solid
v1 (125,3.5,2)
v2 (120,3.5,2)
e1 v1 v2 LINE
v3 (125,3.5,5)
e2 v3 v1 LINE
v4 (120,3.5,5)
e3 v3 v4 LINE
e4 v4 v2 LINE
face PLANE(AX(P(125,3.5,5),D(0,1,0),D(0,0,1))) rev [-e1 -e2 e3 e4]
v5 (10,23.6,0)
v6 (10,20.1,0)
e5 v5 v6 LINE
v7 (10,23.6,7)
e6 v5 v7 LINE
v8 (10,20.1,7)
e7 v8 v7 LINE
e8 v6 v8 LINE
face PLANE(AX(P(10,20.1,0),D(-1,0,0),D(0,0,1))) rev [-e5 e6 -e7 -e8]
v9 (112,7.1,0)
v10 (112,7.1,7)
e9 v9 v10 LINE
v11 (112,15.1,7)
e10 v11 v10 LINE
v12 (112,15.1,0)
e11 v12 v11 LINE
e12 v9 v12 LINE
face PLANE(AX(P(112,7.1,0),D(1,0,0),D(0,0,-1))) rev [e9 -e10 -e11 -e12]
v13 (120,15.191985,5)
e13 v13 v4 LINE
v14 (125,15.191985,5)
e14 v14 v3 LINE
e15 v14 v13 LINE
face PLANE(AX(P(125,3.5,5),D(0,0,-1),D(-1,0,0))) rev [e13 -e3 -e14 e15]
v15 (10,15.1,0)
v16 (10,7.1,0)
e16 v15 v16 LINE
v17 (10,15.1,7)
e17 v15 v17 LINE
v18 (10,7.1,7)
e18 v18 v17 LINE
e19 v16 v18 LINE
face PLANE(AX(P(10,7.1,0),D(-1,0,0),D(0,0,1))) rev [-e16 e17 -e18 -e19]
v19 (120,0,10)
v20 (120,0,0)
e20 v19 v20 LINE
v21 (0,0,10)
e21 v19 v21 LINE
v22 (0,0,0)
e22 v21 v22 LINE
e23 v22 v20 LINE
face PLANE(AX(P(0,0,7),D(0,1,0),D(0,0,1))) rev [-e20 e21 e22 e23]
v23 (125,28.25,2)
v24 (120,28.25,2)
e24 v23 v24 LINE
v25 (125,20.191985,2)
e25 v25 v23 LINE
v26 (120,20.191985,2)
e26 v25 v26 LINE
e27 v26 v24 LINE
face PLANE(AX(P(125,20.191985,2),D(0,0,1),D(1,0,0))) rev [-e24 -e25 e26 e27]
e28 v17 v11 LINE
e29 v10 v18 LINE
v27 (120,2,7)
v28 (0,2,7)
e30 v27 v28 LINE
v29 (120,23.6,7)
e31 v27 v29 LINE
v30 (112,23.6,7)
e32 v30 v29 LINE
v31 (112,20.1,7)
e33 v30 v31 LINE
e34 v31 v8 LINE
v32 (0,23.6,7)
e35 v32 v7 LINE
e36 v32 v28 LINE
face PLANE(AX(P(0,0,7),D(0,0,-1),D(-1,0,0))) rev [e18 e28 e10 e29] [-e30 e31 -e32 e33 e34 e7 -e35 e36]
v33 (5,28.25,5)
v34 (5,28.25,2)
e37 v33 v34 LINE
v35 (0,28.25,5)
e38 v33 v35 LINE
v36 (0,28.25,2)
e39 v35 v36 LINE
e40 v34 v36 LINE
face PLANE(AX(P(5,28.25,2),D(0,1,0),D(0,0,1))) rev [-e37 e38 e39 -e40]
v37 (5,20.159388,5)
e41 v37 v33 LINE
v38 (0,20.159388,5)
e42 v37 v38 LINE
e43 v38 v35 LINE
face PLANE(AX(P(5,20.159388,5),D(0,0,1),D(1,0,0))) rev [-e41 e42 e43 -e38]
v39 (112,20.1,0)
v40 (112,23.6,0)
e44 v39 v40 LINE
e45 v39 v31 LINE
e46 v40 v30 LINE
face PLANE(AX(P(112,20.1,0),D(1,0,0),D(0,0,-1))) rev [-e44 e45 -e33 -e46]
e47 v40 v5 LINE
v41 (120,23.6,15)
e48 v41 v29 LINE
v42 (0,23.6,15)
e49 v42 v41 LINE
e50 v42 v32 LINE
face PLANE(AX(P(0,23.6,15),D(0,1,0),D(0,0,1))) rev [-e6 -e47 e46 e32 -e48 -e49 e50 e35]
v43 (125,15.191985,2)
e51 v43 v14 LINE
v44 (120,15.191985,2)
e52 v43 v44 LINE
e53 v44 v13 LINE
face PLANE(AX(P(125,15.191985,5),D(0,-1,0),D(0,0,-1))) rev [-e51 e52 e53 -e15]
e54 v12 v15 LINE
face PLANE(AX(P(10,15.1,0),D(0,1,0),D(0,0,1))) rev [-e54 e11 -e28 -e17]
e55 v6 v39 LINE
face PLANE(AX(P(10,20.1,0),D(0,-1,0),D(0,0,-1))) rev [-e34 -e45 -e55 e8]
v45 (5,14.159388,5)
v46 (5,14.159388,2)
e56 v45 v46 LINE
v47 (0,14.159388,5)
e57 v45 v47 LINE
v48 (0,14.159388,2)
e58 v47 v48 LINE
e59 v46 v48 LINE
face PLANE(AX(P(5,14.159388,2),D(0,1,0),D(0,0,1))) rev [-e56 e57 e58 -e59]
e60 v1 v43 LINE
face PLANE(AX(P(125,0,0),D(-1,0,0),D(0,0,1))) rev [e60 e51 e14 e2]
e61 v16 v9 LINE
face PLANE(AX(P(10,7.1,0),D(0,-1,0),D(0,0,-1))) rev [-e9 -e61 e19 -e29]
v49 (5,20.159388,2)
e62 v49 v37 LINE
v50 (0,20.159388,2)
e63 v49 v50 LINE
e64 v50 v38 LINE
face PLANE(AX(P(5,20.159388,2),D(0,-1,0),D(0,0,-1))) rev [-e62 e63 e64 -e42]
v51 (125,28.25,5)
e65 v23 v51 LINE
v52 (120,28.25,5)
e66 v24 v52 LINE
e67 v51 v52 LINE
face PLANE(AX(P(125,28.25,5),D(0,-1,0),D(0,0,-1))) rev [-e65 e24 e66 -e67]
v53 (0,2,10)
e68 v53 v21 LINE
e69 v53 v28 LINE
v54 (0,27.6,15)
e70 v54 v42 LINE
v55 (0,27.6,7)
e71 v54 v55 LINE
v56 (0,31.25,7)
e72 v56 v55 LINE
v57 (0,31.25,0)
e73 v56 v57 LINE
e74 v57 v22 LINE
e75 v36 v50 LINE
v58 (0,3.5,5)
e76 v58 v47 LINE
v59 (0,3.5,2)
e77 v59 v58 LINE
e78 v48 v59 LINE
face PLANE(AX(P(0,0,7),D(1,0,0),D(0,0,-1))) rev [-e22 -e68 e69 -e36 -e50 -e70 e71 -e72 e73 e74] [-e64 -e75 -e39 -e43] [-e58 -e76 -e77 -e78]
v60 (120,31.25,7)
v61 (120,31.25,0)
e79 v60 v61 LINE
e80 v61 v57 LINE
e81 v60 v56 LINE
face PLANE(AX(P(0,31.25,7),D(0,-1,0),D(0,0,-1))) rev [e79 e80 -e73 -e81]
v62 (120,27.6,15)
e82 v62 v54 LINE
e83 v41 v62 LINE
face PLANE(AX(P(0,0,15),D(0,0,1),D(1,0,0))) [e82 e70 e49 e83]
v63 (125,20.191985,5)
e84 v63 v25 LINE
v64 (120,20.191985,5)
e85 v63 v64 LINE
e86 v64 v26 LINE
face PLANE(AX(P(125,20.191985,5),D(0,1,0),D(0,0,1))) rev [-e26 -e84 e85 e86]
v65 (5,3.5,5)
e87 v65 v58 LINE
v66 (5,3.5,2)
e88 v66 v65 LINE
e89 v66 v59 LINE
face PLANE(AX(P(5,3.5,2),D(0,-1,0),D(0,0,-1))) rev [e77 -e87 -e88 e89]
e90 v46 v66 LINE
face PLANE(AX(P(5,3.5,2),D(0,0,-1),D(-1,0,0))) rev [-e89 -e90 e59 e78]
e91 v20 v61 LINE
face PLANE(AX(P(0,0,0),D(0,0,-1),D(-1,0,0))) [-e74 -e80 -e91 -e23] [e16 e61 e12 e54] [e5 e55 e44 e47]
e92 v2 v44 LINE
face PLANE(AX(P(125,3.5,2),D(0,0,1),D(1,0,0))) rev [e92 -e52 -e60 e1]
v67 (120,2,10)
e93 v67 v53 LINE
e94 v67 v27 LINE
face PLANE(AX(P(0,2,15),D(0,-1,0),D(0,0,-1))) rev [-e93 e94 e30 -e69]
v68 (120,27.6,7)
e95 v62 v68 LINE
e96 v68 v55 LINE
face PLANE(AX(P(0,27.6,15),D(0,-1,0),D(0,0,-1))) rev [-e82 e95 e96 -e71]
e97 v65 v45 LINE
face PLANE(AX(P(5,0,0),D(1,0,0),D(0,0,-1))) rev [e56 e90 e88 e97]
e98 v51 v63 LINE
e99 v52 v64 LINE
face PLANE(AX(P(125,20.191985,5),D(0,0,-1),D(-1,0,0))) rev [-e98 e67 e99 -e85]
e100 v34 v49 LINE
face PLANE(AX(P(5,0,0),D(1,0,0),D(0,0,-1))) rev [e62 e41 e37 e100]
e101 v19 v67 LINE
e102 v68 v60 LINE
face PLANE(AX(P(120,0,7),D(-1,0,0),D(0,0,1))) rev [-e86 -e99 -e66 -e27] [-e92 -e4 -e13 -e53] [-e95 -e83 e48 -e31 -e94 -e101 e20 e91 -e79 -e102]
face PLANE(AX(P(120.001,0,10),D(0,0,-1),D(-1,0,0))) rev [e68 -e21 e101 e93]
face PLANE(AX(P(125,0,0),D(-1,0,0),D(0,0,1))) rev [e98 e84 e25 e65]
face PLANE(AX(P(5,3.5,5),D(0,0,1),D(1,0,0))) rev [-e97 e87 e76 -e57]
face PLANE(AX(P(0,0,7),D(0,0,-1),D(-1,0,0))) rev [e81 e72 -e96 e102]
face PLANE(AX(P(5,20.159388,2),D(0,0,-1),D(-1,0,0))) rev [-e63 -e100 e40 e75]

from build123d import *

# Parameters (mm, degrees)
SKETCH1_W               = 120
SKETCH1_H               = 31.25
BOSS_EXTRUDE1_DEPTH     = 7
SKETCH2_W               = 120
SKETCH2_H               = 4
SKETCH2_H_2             = 2
BOSS_EXTRUDE2_DEPTH     = 8
CUT_EXTRUDE1_DEPTH      = 125.260059955
CUT_EXTRUDE1_DEPTH_BACK = 125.260059955
SKETCH3_W               = 102
SKETCH3_H               = 8
SKETCH3_H_2             = 3.5
CUT_EXTRUDE3_REACH      = 126.906
SKETCH6_W               = 5
SKETCH6_H               = 2
SKETCH4_W               = 3
SKETCH4_H               = 8.090611825
SKETCH4_H_2             = 10.659388175
CUT_EXTRUDE4_DEPTH      = 5
SKETCH5_W               = 3
SKETCH5_H               = 8.0580149
SKETCH5_H_2             = 11.6919851
BOSS_EXTRUDE3_DEPTH     = 5


with BuildPart() as part:
    # Sketch1 → Boss-Extrude1 (new body)
    with BuildSketch(Plane.XY):
        with Locations((60, 15.625)):
            Rectangle(SKETCH1_W, SKETCH1_H)
    extrude(amount=BOSS_EXTRUDE1_DEPTH)

    # Sketch2 → Boss-Extrude2 (add)
    with BuildSketch(Plane.XY.offset(7)):
        with Locations((60, 25.6)):
            Rectangle(SKETCH2_W, SKETCH2_H)
        with Locations((60, 1)):
            Rectangle(SKETCH2_W, SKETCH2_H_2)
    extrude(amount=BOSS_EXTRUDE2_DEPTH)

    # Sketch3 → Cut-Extrude1 (cut, two sides: drawn at the far end of the back side and taken through both)
    with BuildSketch(Plane.XY.offset(7).offset(-CUT_EXTRUDE1_DEPTH_BACK)):
        with Locations((61, 11.1)):
            Rectangle(SKETCH3_W, SKETCH3_H)
        with Locations((61, 21.85)):
            Rectangle(SKETCH3_W, SKETCH3_H_2)
    extrude(amount=CUT_EXTRUDE1_DEPTH + CUT_EXTRUDE1_DEPTH_BACK, mode=Mode.SUBTRACT)

    # Sketch6 → Cut-Extrude3 (cut, up to next)
    with BuildSketch(Plane.ZY, mode=Mode.PRIVATE) as cut_extrude3_sk1:
        with Locations((12.5, 1)):
            Rectangle(SKETCH6_W, SKETCH6_H)
    cut_extrude3_tool1 = extrude(cut_extrude3_sk1.sketch, amount=-CUT_EXTRUDE3_REACH, mode=Mode.PRIVATE) & part.part
    add(cut_extrude3_tool1.solids().sort_by_distance((0, 1, 12.5))[0], mode=Mode.SUBTRACT)

    # Sketch4 → Cut-Extrude4 (cut)
    with BuildSketch(Plane.ZY):
        with Locations((3.5, 24.204694088)):
            Rectangle(SKETCH4_W, SKETCH4_H)
        with Locations((3.5, 8.829694088)):
            Rectangle(SKETCH4_W, SKETCH4_H_2)
    extrude(amount=-CUT_EXTRUDE4_DEPTH, mode=Mode.SUBTRACT)

    # Sketch5 → Boss-Extrude3 (add)
    with BuildSketch(Plane(origin=(120, 0, 0), x_dir=(0, 0, -1), z_dir=(1, 0, 0))):
        with Locations((-3.5, 24.22099255)):
            Rectangle(SKETCH5_W, SKETCH5_H)
        with Locations((-3.5, 9.34599255)):
            Rectangle(SKETCH5_W, SKETCH5_H_2)
    extrude(amount=BOSS_EXTRUDE3_DEPTH)


solid = part.part
